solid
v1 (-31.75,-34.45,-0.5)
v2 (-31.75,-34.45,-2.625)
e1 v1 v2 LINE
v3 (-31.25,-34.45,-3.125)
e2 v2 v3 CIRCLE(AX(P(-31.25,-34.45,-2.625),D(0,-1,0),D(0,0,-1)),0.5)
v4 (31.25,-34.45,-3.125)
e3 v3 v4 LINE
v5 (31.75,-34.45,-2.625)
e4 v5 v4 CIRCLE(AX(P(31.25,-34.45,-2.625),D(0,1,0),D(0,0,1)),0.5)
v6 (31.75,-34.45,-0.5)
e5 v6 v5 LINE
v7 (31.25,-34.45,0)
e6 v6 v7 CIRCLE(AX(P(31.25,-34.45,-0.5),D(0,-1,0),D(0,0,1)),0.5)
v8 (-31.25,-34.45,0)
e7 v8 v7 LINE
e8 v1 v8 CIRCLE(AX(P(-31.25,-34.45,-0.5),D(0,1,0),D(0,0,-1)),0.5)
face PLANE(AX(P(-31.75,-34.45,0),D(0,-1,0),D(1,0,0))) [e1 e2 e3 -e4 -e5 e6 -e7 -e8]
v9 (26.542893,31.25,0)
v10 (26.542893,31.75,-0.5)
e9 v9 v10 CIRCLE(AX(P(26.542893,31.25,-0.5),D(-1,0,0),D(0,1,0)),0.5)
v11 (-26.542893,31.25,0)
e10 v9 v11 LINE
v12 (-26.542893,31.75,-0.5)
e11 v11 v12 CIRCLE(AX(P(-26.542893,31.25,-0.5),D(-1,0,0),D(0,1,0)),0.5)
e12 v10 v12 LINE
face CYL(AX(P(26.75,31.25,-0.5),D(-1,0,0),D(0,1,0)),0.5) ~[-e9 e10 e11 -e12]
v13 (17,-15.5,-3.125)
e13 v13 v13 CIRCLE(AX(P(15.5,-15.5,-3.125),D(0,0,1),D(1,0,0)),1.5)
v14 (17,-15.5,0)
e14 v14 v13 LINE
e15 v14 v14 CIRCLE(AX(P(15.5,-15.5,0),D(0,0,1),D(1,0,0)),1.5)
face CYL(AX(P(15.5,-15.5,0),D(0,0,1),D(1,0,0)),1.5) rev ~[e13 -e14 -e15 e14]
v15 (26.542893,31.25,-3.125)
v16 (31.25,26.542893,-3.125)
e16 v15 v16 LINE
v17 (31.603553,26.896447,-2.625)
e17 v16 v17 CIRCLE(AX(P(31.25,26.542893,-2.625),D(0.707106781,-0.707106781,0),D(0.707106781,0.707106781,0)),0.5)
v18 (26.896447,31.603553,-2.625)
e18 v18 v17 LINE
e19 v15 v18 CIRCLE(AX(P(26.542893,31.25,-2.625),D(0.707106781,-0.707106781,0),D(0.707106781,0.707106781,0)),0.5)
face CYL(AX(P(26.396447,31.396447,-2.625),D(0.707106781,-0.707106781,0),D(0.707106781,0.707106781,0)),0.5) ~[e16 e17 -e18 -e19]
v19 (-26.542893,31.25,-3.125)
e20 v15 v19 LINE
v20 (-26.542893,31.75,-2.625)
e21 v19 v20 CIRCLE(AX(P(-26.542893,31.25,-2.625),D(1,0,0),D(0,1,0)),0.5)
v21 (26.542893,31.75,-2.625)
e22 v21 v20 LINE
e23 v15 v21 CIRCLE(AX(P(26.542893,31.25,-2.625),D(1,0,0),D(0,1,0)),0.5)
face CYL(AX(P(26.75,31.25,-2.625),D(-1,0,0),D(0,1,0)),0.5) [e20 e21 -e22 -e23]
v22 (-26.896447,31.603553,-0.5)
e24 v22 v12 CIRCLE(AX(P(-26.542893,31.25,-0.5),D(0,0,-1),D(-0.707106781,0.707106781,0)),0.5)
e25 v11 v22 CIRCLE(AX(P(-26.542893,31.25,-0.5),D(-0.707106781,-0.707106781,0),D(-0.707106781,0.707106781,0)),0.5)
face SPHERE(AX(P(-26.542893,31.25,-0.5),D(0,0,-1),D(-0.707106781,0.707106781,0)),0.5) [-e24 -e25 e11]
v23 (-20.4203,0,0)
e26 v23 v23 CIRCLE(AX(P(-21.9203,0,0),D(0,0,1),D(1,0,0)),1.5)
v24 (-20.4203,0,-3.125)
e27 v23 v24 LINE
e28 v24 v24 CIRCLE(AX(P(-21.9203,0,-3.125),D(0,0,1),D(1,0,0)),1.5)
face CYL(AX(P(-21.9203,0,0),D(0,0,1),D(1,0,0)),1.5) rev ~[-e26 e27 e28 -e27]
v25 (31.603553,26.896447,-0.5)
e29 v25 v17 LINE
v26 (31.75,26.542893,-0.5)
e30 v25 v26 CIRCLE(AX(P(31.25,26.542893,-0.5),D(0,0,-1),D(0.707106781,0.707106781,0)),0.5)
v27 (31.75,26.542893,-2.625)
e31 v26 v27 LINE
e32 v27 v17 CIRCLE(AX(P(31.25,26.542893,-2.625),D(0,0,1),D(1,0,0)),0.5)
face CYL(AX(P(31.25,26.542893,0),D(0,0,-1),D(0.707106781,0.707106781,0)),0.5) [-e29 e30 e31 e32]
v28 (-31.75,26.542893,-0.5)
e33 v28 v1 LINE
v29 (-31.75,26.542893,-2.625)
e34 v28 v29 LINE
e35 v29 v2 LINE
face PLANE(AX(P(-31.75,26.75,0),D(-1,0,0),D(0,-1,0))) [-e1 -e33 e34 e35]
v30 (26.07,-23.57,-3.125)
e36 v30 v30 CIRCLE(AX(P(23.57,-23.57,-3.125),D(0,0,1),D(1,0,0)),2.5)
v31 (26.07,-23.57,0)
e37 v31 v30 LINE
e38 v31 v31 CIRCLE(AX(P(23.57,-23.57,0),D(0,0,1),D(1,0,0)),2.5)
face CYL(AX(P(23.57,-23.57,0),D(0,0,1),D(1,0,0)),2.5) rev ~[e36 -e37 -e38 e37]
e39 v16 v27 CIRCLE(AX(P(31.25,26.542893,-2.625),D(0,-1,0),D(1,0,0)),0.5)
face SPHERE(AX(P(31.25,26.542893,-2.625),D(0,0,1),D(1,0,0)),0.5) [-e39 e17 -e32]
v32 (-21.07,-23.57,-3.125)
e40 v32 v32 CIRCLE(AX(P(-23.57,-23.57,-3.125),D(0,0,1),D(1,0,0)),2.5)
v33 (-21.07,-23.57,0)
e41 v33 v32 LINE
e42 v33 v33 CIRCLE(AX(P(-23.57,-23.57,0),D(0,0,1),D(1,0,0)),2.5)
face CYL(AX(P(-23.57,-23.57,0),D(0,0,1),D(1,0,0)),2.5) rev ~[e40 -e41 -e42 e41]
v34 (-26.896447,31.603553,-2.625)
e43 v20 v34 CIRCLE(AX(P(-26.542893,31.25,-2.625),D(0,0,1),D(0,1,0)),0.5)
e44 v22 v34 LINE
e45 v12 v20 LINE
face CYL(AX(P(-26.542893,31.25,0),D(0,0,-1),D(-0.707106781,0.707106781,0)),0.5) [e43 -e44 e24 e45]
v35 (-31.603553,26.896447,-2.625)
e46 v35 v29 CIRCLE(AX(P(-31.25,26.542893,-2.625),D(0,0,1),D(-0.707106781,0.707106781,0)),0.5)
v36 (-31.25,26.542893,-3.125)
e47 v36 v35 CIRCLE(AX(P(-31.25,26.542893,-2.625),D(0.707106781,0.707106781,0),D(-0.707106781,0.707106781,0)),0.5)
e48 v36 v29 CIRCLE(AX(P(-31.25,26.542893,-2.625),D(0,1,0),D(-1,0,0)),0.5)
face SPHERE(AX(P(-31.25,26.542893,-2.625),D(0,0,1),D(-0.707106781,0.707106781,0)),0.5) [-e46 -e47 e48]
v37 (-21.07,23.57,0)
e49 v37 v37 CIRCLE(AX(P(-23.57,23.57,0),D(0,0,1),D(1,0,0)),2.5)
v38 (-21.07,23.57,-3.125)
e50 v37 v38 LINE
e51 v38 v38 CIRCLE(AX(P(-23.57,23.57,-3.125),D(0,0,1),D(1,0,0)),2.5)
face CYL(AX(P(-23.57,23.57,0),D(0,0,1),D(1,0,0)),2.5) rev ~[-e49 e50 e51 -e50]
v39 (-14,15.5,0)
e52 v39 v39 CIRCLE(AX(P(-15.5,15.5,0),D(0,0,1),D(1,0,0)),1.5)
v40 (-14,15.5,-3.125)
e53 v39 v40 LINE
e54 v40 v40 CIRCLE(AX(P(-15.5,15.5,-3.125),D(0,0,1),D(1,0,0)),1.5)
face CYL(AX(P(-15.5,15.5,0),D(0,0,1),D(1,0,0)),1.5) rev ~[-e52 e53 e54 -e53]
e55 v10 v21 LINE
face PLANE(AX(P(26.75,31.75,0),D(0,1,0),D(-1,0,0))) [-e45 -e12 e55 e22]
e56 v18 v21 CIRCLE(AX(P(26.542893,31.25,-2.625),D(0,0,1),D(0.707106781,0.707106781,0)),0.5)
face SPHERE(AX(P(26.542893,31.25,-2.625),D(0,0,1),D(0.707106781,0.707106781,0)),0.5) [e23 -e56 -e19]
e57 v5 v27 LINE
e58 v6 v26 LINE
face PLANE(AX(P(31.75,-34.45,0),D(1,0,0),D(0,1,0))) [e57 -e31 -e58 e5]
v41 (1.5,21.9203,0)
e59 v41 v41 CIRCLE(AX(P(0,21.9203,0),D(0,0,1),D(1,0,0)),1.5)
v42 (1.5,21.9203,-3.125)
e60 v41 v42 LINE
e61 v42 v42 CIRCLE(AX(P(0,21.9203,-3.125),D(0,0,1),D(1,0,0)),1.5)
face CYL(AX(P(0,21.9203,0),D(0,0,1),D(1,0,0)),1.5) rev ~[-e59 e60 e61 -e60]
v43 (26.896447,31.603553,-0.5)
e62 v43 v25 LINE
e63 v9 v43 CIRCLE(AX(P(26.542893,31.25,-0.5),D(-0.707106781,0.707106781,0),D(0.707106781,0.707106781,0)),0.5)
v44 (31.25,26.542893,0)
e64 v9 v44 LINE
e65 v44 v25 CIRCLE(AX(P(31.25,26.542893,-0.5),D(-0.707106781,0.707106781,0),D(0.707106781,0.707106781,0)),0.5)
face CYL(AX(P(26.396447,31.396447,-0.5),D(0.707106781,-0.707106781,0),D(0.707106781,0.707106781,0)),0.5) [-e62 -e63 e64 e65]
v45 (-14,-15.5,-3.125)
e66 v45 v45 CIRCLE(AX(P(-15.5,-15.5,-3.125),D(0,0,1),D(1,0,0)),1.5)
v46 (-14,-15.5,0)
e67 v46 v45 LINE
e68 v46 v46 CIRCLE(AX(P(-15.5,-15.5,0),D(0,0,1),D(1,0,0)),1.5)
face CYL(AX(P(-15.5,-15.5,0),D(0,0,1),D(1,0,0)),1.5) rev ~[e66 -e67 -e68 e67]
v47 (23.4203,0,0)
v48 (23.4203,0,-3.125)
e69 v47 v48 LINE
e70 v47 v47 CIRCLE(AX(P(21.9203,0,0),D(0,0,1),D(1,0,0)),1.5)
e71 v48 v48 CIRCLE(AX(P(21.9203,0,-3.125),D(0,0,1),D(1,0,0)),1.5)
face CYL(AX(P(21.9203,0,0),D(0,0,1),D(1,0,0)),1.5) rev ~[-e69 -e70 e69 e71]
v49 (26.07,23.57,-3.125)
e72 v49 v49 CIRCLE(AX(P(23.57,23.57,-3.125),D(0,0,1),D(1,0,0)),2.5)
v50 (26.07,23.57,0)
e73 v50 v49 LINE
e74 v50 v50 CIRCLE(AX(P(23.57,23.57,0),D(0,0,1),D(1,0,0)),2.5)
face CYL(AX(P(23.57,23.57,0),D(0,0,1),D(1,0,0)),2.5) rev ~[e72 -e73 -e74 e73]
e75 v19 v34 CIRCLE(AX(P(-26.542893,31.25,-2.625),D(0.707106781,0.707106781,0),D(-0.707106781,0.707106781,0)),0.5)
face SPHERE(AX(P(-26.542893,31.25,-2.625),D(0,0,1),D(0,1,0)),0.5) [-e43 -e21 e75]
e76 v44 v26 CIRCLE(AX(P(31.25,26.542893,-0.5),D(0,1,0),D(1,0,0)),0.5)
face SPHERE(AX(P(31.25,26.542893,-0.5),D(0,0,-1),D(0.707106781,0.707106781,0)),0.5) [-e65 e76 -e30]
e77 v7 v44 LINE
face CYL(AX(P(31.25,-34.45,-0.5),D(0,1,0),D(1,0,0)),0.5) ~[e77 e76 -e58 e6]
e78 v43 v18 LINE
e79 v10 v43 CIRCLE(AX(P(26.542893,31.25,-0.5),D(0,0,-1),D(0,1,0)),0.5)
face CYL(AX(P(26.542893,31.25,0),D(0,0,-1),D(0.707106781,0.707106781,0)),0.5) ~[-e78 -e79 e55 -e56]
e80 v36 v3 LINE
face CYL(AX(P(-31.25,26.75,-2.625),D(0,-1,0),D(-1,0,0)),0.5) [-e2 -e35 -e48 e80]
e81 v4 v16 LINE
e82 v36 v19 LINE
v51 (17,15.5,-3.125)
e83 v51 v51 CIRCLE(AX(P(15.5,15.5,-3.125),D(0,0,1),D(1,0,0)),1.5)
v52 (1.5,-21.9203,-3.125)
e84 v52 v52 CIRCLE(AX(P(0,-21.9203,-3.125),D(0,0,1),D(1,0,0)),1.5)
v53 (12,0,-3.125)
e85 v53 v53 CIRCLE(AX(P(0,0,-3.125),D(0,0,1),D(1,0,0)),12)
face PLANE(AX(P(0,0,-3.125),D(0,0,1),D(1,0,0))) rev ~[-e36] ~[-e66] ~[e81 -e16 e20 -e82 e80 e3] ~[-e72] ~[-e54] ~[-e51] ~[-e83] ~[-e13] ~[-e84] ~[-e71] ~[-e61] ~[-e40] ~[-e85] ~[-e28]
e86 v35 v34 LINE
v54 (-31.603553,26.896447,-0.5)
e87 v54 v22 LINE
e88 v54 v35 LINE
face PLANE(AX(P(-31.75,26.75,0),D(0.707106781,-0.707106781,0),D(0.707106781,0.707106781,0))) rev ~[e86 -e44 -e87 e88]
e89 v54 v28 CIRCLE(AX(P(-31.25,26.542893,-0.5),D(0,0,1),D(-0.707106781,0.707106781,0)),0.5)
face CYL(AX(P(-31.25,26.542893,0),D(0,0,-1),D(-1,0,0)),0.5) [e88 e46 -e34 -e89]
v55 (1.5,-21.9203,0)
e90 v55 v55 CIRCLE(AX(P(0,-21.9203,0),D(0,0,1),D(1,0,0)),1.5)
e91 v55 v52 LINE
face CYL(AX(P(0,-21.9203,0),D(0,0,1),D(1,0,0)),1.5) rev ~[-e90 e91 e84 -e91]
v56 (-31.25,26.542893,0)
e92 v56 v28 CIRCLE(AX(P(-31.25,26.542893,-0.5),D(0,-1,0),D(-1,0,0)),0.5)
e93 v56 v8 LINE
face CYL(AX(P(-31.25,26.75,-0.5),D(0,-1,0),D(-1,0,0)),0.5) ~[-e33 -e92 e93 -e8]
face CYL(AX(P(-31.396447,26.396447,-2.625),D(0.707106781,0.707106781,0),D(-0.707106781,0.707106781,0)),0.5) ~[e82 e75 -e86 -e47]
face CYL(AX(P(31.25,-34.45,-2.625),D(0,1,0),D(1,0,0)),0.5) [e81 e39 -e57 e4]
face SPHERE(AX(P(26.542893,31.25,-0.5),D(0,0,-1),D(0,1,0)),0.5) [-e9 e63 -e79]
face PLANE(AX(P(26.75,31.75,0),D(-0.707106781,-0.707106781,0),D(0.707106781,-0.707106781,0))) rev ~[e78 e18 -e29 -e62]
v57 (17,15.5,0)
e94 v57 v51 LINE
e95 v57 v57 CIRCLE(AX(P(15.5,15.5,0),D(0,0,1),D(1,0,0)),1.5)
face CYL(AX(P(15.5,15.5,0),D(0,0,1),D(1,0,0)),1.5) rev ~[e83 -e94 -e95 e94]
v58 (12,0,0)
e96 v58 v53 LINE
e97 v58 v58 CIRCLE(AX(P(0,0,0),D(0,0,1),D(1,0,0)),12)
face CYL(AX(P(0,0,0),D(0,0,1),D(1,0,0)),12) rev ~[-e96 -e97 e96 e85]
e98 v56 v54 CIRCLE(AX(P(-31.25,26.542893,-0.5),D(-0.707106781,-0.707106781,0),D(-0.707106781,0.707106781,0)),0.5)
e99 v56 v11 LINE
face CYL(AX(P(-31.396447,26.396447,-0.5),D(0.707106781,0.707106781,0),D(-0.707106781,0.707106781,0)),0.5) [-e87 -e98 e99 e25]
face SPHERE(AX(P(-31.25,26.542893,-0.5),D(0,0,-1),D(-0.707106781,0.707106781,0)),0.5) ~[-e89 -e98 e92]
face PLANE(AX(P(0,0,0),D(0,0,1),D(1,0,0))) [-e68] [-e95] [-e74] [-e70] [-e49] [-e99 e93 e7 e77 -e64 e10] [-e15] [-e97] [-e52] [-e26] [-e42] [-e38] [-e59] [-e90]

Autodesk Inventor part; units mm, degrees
ref_plane "YZ Plane" through (0, 0, 0) normal (1, 0, 0) x (0, 1, 0)
ref_plane "XZ Plane" through (0, 0, 0) normal (0, 1, 0) x (-1, 0, 0)
ref_plane "XY Plane" through (0, 0, 0) normal (0, 0, 1) x (1, 0, 0)
sketch "Sketch1" plane through (0, 0, 0) normal (0, 0, 1) x (1, 0, 0)
  line L0 (26.75, 31.75) -> (-26.75, 31.75)
  line L1 (-31.75, 26.75) -> (-31.75, -34.45)
  line L2 (-31.75, -34.45) -> (31.75, -34.45)
  line L3 (31.75, -34.45) -> (31.75, 26.75)
  circle A0 centre (0, 0) radius 12
  circle A1 centre (15.5, 15.5) radius 1.5
  circle A2 centre (-15.5, 15.5) radius 1.5
  circle A3 centre (-15.5, -15.5) radius 1.5
  circle A4 centre (15.5, -15.5) radius 1.5
  line L4 (-15.5, -15.5) -> (15.5, -15.5) construction
  line L5 (15.5, -15.5) -> (15.5, 15.5) construction
  line L6 (15.5, 15.5) -> (-15.5, 15.5) construction
  line L7 (-15.5, 15.5) -> (-15.5, -15.5) construction
  line L8 (0, 2.2207) -> (0, -2.8787) construction
  line L9 (-1.8221, 0) -> (3.1794, 0) construction
  circle A5 centre (0, 21.9203) radius 1.5
  circle A6 centre (0, -21.9203) radius 1.5
  circle A7 centre (-21.9203, 0) radius 1.5
  circle A8 centre (21.9203, 0) radius 1.5
  line L10 (0, 21.9203) -> (-21.9203, 0) construction
  line L11 (-21.9203, 0) -> (0, -21.9203) construction
  line L12 (0, -21.9203) -> (21.9203, 0) construction
  line L13 (21.9203, 0) -> (0, 21.9203) construction
  line L14 (-23.57, 23.57) -> (23.57, 23.57) construction
  line L15 (23.57, 23.57) -> (23.57, -23.57) construction
  line L16 (23.57, -23.57) -> (-23.57, -23.57) construction
  line L17 (-23.57, -23.57) -> (-23.57, 23.57) construction
  circle A9 centre (-23.57, 23.57) radius 2.5
  circle A10 centre (-23.57, -23.57) radius 2.5
  circle A11 centre (23.57, -23.57) radius 2.5
  circle A12 centre (23.57, 23.57) radius 2.5
  line L18 (-23.6, 28.2) -> (23.6, 28.2) construction
  line L19 (28.2, 23.6) -> (28.2, -23.6) construction
  line L20 (23.6, -28.2) -> (-23.6, -28.2) construction
  line L21 (-28.2, -23.6) -> (-28.2, 23.6) construction
  arc A13 (-23.6, 28.2) -> (-28.2, 23.6) centre (-23.6, 23.6) ccw construction
  arc A14 (-28.2, -23.6) -> (-23.6, -28.2) centre (-23.6, -23.6) ccw construction
  arc A15 (23.6, -28.2) -> (28.2, -23.6) centre (23.6, -23.6) ccw construction
  arc A16 (28.2, 23.6) -> (23.6, 28.2) centre (23.6, 23.6) ccw construction
  line L22 (-31.75, 26.75) -> (-26.75, 31.75)
  line L23 (26.75, 31.75) -> (31.75, 26.75)
  line L24 (-15.5, 21) -> (15.5, 21) construction
  line L25 (21, 15.5) -> (21, -15.5) construction
  line L26 (15.5, -21) -> (-15.5, -21) construction
  line L27 (-21, -15.5) -> (-21, 15.5) construction
  line L28 (-21, 15.5) -> (-15.5, 21) construction
  line L29 (15.5, 21) -> (21, 15.5) construction
  line L30 (21, -15.5) -> (15.5, -21) construction
  line L31 (-15.5, -21) -> (-21, -15.5) construction
  point P0 (-31.75, 31.75)
  point P1 (-31.75, 31.75)
  point P2 (31.75, 31.75)
  point P3 (28.2, -28.2)
  point P4 (-28.2, -28.2)
  point P5 (-31.75, 31.75)
  point P6 (31.75, 31.75)
  point P7 (-21, 21)
  point P8 (21, -21)
  point P9 (21, 21)
  point P10 (-21, -21)
  dimension "MotorPlateWidth" = 63.5
  dimension "MotorPlateHeight" = 66.2
  dimension "d5" = 31.75
  dimension "ShaftHole" = 24
  dimension "d10" = 3
  dimension "NEMA17HoleSpacing" = 31
  dimension "NEMA23HoleSpacing" = 47.14
  dimension "NEMA23MountingHole" = 5
  dimension "NEMA23Motor" = 56.4
  dimension "d35" = 4.6
  dimension "CornerChamfer" = 5
  dimension "d37" = 5
  dimension "d38" = 5
  dimension "d39" = 5
  dimension "NEMA17Motor" = 42
  dimension "NEMA17CornerChamfer" = 5.5
  dimension "d42" = 5.5
  dimension "d43" = 5.5
  dimension "d44" = 5.5
  dimension "d45" = 5.5
  dimension "d46" = 5.5
  dimension "d47" = 5.5
  dimension "d48" = 5.5
extrude "Extrusion1" add sketch "Sketch1" against normal blind 3.125
fillet "Fillet2" radius 0.5 14 edges at (-31.75, 26.75, -1.5625) (-29.25, 29.25, -3.125) (-26.75, 31.75, -1.5625) (0, 31.75, -3.125) (26.75, 31.75, -1.5625) (29.25, 29.25, -3.125) (31.75, 26.75, -1.5625) (-31.75, -3.85, -3.125) (31.75, -3.85, -3.125) (-29.25, 29.25, 0) (-31.75, -3.85, 0) (0, 31.75, 0) (29.25, 29.25, 0) (31.75, -3.85, 0)
equation "\"d5\" = 0.5 * MotorPlateWidth"
equation "\"d10\" = NEMA17MountingHole"
equation "\"d37\" = CornerChamfer"
equation "\"d38\" = CornerChamfer"
equation "\"d39\" = CornerChamfer"
equation "\"d42\" = NEMA17CornerChamfer"
equation "\"d43\" = NEMA17CornerChamfer"
equation "\"d44\" = NEMA17CornerChamfer"
equation "\"d45\" = NEMA17CornerChamfer"
equation "\"d46\" = NEMA17CornerChamfer"
equation "\"d47\" = NEMA17CornerChamfer"
equation "\"d48\" = NEMA17CornerChamfer"
equation "\"NEMA17MountingHole\" = 3"
properties part number "MOTOR001"
